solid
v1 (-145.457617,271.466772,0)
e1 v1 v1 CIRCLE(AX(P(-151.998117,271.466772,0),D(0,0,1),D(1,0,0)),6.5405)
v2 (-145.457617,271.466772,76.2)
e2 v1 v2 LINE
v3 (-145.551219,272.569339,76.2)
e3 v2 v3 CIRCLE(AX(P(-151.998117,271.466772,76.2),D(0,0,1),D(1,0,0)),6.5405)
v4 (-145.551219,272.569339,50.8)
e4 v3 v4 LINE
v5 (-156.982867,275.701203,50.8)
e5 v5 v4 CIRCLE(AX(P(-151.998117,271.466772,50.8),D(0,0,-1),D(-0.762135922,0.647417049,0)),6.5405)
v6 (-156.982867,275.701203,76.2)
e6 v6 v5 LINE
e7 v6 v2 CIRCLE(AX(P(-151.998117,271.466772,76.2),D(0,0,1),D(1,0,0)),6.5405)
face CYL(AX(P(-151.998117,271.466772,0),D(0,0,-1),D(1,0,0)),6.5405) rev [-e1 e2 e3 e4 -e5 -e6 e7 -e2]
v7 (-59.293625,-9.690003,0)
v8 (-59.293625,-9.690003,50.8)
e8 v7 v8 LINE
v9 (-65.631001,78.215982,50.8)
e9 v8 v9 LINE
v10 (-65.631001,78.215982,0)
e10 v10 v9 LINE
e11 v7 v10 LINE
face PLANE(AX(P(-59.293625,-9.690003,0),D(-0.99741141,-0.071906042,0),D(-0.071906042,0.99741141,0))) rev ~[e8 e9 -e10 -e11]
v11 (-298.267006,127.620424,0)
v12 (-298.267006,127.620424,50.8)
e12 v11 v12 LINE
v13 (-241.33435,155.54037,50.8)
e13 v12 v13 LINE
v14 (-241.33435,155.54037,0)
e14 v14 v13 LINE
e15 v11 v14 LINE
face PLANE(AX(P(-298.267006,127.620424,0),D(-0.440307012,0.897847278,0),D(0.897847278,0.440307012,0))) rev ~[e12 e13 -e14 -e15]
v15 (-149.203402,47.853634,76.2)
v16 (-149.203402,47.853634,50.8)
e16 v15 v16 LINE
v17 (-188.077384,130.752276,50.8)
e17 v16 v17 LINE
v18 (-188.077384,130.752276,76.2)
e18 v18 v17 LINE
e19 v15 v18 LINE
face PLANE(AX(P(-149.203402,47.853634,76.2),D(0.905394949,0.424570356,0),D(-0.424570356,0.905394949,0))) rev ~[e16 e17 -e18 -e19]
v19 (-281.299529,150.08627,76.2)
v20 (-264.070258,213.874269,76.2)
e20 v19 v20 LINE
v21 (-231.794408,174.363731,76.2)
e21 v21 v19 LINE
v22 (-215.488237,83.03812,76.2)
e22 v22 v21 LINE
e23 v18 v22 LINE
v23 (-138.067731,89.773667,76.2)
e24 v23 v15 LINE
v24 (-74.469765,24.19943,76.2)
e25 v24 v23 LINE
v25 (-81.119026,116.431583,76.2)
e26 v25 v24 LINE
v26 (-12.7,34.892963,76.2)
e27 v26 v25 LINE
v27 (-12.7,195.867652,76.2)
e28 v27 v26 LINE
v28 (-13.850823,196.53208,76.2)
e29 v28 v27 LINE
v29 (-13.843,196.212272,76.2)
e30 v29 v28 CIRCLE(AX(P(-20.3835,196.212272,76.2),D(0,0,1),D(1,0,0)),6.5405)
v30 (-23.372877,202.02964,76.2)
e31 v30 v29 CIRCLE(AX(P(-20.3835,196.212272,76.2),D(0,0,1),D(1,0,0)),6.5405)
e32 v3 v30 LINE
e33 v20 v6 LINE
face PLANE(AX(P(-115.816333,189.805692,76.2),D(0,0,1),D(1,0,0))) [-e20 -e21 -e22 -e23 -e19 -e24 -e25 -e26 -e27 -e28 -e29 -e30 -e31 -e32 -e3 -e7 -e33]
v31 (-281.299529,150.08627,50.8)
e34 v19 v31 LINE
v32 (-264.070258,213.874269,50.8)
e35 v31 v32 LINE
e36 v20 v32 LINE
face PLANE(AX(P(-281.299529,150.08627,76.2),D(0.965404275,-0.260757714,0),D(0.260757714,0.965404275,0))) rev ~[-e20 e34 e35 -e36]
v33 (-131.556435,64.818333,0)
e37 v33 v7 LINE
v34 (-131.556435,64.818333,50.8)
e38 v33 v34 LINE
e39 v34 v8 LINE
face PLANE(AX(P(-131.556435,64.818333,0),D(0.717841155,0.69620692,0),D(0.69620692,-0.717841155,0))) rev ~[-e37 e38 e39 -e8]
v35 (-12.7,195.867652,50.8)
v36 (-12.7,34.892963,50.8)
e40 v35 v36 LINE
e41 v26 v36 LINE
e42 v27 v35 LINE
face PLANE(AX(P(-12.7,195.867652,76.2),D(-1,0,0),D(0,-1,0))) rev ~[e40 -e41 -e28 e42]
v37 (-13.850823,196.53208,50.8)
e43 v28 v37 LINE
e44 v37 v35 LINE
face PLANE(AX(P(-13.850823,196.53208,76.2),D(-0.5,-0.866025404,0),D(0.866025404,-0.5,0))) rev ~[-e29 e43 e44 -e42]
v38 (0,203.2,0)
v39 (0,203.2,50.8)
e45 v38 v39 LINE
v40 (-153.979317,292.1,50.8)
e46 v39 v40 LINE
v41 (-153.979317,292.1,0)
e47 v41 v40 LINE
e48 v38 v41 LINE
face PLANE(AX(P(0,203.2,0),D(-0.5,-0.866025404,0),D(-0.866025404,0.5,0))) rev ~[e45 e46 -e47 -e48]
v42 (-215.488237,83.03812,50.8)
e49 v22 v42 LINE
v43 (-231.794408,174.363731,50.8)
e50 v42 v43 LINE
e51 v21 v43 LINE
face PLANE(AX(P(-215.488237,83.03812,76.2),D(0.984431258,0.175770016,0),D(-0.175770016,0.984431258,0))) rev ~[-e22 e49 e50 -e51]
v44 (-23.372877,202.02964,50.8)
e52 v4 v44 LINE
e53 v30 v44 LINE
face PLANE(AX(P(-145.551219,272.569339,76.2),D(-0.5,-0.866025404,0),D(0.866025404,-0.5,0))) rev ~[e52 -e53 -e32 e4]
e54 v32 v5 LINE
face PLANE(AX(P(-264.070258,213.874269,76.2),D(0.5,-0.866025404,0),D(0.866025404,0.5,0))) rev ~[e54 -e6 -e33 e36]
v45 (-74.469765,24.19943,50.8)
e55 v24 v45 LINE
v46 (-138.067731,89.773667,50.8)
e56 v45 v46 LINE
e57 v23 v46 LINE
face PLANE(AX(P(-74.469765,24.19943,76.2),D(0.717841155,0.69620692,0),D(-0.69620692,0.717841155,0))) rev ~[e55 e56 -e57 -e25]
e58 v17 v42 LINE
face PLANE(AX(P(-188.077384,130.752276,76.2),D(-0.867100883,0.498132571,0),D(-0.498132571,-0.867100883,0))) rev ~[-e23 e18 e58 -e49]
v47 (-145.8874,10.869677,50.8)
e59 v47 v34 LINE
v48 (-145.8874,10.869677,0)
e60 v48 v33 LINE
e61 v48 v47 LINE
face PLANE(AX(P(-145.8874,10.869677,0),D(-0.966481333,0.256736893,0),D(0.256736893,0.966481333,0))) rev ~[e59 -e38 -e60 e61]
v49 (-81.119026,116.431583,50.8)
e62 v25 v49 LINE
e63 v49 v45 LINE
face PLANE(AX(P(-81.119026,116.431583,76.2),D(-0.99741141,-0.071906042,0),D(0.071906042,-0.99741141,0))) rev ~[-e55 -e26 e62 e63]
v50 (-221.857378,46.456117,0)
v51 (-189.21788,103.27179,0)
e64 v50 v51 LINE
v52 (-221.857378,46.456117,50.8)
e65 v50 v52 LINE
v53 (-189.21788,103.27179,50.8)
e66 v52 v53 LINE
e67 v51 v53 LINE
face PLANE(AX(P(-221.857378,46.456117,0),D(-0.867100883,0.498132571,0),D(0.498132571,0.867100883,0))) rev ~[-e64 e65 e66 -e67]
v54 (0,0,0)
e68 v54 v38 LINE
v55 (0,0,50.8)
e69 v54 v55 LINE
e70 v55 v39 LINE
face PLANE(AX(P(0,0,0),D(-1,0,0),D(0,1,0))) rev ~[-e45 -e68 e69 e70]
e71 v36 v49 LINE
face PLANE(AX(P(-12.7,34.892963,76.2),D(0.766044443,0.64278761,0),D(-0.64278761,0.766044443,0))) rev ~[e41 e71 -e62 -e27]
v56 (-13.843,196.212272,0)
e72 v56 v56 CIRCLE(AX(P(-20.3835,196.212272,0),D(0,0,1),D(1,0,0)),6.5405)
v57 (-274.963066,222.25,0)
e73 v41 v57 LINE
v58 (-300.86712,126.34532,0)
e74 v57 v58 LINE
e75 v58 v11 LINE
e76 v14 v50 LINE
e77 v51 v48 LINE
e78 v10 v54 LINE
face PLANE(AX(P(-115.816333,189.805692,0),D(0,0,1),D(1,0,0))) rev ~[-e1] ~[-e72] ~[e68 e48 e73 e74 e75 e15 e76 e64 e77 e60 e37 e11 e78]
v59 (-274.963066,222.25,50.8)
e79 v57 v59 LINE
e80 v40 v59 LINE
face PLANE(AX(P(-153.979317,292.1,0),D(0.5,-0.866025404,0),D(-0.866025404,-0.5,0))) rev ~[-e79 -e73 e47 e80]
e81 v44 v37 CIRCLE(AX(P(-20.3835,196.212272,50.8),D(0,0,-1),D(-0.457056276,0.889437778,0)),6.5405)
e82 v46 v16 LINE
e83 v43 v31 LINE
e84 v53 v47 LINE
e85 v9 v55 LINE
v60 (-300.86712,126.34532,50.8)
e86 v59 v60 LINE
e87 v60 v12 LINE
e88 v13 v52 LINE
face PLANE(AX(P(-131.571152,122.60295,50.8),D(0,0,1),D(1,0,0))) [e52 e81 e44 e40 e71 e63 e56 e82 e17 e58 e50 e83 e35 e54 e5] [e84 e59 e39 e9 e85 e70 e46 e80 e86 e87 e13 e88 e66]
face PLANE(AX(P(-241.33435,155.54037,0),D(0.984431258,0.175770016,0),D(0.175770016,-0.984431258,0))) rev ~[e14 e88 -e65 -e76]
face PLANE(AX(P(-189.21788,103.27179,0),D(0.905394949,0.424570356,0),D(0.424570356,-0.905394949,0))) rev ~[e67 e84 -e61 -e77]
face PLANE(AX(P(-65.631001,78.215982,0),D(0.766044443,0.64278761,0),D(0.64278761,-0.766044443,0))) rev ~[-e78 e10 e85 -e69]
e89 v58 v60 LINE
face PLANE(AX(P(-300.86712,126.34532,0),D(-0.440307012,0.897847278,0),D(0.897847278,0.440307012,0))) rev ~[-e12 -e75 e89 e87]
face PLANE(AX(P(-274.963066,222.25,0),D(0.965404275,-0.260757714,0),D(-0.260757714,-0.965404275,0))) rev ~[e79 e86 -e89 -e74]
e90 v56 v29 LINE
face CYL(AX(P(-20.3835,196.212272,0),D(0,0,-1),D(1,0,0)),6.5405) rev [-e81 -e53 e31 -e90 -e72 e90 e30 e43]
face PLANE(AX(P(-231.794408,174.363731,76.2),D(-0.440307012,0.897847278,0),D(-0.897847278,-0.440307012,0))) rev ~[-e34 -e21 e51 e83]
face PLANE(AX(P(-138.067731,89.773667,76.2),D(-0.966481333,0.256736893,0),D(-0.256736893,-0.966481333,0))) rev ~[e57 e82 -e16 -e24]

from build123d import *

# Parameters (mm, degrees)
F0_R     = 6.5405
F1_DEPTH = 76.2
F3_DEPTH = 25.4


with BuildPart() as f1:
    # F0 (on Top) → F1 (new body)
    with BuildSketch(Plane.XY):
        Polygon((-67.9690890407, 110.6476840292), (0, 76.2), (0, 203.2), (-153.9793167929, 292.1), (-274.9630657016, 222.25), (-275.7369360322, 215.9473319371), (-198.2431763687, 176.672411752), (-158.5945410949, 156.5779294016), (-113.2818150678, 133.6128067154), align=None)
        with Locations((-151.9981167929, 271.4667715498)):
            Circle(F0_R, mode=Mode.SUBTRACT)
        with Locations((-20.3835, 196.212271957)):
            Circle(F0_R, mode=Mode.SUBTRACT)
        Polygon((-198.2431763687, 176.672411752), (-275.7369360322, 215.9473319371), (-280.3801580159, 178.1313235595), (-298.267005539, 127.6204243564), (-241.3343504537, 155.5403700614), align=None)
        Polygon((-275.7369360322, 215.9473319371), (-274.9630657016, 222.25), (-300.8671202676, 126.3453202542), (-298.267005539, 127.6204243564), (-280.3801580159, 178.1313235595), align=None)
        Polygon((-189.2178803878, 103.2717895071), (-158.5945410949, 156.5779294016), (-198.2431763687, 176.672411752), (-241.3343504537, 155.5403700614), (-221.8573776706, 46.4561172643), align=None)
        Polygon((-131.5564353, 64.8183334656), (-113.2818150678, 133.6128067154), (-158.5945410949, 156.5779294016), (-189.2178803878, 103.2717895071), (-145.8874004982, 10.8696773813), align=None)
        Polygon((-59.2936250137, -9.6900026026), (-65.6310013179, 78.2159816061), (-67.9690890407, 110.6476840292), (-113.2818150678, 133.6128067154), (-131.5564353, 64.8183334656), align=None)
        Polygon((-65.6310013179, 78.2159816061), (0, 0), (0, 76.2), (-67.9690890407, 110.6476840292), align=None)
    extrude(amount=F1_DEPTH)

    # F2 (on face) → F3 (cut)
    with BuildSketch(Plane.XY.offset(76.2)):
        Polygon((0, 0), (0, 203.2), (-153.9793167929, 292.1), (-274.9630657016, 222.25), (-300.8671202676, 126.3453202542), (-241.3343504537, 155.5403700614), (-221.8573776706, 46.4561172643), (-189.2178803878, 103.2717895071), (-145.8874004982, 10.8696773813), (-131.5564353, 64.8183334656), (-59.2936250137, -9.6900026026), (-65.6310013179, 78.2159816061), align=None)
        with BuildLine():
            Line((-13.8508234279, 196.5320797972), (-12.7, 195.8676515813))
            Line((-12.7, 195.8676515813), (-12.7, 34.8929632271))
            Line((-12.7, 34.8929632271), (-81.1190261519, 116.4315834454))
            Line((-81.1190261519, 116.4315834454), (-74.4697648189, 24.1994303135))
            Line((-74.4697648189, 24.1994303135), (-138.067730519, 89.7736666719))
            Line((-138.067730519, 89.7736666719), (-149.2034024598, 47.8536335482))
            Line((-149.2034024598, 47.8536335482), (-188.0773837652, 130.7522764553))
            Line((-188.0773837652, 130.7522764553), (-215.4882373861, 83.0381201455))
            Line((-215.4882373861, 83.0381201455), (-231.7944080284, 174.363731179))
            Line((-231.7944080284, 174.363731179), (-281.2995293986, 150.0862704018))
            Line((-281.2995293986, 150.0862704018), (-264.0702576195, 213.874268841))
            Line((-264.0702576195, 213.874268841), (-156.9828667929, 275.7012027616))
            ThreePointArc((-156.9828667929, 275.7012027616), (-150.2699352174, 277.774824236), (-145.5512194367, 272.5693388853))
            Line((-145.5512194367, 272.5693388853), (-23.3728765721, 202.0296397432))
            ThreePointArc((-23.3728765721, 202.0296397432), (-17.11325, 201.8765111104), (-13.8508234279, 196.5320797972))
        make_face(mode=Mode.SUBTRACT)
    extrude(amount=-F3_DEPTH, mode=Mode.SUBTRACT)


solid = f1.part
